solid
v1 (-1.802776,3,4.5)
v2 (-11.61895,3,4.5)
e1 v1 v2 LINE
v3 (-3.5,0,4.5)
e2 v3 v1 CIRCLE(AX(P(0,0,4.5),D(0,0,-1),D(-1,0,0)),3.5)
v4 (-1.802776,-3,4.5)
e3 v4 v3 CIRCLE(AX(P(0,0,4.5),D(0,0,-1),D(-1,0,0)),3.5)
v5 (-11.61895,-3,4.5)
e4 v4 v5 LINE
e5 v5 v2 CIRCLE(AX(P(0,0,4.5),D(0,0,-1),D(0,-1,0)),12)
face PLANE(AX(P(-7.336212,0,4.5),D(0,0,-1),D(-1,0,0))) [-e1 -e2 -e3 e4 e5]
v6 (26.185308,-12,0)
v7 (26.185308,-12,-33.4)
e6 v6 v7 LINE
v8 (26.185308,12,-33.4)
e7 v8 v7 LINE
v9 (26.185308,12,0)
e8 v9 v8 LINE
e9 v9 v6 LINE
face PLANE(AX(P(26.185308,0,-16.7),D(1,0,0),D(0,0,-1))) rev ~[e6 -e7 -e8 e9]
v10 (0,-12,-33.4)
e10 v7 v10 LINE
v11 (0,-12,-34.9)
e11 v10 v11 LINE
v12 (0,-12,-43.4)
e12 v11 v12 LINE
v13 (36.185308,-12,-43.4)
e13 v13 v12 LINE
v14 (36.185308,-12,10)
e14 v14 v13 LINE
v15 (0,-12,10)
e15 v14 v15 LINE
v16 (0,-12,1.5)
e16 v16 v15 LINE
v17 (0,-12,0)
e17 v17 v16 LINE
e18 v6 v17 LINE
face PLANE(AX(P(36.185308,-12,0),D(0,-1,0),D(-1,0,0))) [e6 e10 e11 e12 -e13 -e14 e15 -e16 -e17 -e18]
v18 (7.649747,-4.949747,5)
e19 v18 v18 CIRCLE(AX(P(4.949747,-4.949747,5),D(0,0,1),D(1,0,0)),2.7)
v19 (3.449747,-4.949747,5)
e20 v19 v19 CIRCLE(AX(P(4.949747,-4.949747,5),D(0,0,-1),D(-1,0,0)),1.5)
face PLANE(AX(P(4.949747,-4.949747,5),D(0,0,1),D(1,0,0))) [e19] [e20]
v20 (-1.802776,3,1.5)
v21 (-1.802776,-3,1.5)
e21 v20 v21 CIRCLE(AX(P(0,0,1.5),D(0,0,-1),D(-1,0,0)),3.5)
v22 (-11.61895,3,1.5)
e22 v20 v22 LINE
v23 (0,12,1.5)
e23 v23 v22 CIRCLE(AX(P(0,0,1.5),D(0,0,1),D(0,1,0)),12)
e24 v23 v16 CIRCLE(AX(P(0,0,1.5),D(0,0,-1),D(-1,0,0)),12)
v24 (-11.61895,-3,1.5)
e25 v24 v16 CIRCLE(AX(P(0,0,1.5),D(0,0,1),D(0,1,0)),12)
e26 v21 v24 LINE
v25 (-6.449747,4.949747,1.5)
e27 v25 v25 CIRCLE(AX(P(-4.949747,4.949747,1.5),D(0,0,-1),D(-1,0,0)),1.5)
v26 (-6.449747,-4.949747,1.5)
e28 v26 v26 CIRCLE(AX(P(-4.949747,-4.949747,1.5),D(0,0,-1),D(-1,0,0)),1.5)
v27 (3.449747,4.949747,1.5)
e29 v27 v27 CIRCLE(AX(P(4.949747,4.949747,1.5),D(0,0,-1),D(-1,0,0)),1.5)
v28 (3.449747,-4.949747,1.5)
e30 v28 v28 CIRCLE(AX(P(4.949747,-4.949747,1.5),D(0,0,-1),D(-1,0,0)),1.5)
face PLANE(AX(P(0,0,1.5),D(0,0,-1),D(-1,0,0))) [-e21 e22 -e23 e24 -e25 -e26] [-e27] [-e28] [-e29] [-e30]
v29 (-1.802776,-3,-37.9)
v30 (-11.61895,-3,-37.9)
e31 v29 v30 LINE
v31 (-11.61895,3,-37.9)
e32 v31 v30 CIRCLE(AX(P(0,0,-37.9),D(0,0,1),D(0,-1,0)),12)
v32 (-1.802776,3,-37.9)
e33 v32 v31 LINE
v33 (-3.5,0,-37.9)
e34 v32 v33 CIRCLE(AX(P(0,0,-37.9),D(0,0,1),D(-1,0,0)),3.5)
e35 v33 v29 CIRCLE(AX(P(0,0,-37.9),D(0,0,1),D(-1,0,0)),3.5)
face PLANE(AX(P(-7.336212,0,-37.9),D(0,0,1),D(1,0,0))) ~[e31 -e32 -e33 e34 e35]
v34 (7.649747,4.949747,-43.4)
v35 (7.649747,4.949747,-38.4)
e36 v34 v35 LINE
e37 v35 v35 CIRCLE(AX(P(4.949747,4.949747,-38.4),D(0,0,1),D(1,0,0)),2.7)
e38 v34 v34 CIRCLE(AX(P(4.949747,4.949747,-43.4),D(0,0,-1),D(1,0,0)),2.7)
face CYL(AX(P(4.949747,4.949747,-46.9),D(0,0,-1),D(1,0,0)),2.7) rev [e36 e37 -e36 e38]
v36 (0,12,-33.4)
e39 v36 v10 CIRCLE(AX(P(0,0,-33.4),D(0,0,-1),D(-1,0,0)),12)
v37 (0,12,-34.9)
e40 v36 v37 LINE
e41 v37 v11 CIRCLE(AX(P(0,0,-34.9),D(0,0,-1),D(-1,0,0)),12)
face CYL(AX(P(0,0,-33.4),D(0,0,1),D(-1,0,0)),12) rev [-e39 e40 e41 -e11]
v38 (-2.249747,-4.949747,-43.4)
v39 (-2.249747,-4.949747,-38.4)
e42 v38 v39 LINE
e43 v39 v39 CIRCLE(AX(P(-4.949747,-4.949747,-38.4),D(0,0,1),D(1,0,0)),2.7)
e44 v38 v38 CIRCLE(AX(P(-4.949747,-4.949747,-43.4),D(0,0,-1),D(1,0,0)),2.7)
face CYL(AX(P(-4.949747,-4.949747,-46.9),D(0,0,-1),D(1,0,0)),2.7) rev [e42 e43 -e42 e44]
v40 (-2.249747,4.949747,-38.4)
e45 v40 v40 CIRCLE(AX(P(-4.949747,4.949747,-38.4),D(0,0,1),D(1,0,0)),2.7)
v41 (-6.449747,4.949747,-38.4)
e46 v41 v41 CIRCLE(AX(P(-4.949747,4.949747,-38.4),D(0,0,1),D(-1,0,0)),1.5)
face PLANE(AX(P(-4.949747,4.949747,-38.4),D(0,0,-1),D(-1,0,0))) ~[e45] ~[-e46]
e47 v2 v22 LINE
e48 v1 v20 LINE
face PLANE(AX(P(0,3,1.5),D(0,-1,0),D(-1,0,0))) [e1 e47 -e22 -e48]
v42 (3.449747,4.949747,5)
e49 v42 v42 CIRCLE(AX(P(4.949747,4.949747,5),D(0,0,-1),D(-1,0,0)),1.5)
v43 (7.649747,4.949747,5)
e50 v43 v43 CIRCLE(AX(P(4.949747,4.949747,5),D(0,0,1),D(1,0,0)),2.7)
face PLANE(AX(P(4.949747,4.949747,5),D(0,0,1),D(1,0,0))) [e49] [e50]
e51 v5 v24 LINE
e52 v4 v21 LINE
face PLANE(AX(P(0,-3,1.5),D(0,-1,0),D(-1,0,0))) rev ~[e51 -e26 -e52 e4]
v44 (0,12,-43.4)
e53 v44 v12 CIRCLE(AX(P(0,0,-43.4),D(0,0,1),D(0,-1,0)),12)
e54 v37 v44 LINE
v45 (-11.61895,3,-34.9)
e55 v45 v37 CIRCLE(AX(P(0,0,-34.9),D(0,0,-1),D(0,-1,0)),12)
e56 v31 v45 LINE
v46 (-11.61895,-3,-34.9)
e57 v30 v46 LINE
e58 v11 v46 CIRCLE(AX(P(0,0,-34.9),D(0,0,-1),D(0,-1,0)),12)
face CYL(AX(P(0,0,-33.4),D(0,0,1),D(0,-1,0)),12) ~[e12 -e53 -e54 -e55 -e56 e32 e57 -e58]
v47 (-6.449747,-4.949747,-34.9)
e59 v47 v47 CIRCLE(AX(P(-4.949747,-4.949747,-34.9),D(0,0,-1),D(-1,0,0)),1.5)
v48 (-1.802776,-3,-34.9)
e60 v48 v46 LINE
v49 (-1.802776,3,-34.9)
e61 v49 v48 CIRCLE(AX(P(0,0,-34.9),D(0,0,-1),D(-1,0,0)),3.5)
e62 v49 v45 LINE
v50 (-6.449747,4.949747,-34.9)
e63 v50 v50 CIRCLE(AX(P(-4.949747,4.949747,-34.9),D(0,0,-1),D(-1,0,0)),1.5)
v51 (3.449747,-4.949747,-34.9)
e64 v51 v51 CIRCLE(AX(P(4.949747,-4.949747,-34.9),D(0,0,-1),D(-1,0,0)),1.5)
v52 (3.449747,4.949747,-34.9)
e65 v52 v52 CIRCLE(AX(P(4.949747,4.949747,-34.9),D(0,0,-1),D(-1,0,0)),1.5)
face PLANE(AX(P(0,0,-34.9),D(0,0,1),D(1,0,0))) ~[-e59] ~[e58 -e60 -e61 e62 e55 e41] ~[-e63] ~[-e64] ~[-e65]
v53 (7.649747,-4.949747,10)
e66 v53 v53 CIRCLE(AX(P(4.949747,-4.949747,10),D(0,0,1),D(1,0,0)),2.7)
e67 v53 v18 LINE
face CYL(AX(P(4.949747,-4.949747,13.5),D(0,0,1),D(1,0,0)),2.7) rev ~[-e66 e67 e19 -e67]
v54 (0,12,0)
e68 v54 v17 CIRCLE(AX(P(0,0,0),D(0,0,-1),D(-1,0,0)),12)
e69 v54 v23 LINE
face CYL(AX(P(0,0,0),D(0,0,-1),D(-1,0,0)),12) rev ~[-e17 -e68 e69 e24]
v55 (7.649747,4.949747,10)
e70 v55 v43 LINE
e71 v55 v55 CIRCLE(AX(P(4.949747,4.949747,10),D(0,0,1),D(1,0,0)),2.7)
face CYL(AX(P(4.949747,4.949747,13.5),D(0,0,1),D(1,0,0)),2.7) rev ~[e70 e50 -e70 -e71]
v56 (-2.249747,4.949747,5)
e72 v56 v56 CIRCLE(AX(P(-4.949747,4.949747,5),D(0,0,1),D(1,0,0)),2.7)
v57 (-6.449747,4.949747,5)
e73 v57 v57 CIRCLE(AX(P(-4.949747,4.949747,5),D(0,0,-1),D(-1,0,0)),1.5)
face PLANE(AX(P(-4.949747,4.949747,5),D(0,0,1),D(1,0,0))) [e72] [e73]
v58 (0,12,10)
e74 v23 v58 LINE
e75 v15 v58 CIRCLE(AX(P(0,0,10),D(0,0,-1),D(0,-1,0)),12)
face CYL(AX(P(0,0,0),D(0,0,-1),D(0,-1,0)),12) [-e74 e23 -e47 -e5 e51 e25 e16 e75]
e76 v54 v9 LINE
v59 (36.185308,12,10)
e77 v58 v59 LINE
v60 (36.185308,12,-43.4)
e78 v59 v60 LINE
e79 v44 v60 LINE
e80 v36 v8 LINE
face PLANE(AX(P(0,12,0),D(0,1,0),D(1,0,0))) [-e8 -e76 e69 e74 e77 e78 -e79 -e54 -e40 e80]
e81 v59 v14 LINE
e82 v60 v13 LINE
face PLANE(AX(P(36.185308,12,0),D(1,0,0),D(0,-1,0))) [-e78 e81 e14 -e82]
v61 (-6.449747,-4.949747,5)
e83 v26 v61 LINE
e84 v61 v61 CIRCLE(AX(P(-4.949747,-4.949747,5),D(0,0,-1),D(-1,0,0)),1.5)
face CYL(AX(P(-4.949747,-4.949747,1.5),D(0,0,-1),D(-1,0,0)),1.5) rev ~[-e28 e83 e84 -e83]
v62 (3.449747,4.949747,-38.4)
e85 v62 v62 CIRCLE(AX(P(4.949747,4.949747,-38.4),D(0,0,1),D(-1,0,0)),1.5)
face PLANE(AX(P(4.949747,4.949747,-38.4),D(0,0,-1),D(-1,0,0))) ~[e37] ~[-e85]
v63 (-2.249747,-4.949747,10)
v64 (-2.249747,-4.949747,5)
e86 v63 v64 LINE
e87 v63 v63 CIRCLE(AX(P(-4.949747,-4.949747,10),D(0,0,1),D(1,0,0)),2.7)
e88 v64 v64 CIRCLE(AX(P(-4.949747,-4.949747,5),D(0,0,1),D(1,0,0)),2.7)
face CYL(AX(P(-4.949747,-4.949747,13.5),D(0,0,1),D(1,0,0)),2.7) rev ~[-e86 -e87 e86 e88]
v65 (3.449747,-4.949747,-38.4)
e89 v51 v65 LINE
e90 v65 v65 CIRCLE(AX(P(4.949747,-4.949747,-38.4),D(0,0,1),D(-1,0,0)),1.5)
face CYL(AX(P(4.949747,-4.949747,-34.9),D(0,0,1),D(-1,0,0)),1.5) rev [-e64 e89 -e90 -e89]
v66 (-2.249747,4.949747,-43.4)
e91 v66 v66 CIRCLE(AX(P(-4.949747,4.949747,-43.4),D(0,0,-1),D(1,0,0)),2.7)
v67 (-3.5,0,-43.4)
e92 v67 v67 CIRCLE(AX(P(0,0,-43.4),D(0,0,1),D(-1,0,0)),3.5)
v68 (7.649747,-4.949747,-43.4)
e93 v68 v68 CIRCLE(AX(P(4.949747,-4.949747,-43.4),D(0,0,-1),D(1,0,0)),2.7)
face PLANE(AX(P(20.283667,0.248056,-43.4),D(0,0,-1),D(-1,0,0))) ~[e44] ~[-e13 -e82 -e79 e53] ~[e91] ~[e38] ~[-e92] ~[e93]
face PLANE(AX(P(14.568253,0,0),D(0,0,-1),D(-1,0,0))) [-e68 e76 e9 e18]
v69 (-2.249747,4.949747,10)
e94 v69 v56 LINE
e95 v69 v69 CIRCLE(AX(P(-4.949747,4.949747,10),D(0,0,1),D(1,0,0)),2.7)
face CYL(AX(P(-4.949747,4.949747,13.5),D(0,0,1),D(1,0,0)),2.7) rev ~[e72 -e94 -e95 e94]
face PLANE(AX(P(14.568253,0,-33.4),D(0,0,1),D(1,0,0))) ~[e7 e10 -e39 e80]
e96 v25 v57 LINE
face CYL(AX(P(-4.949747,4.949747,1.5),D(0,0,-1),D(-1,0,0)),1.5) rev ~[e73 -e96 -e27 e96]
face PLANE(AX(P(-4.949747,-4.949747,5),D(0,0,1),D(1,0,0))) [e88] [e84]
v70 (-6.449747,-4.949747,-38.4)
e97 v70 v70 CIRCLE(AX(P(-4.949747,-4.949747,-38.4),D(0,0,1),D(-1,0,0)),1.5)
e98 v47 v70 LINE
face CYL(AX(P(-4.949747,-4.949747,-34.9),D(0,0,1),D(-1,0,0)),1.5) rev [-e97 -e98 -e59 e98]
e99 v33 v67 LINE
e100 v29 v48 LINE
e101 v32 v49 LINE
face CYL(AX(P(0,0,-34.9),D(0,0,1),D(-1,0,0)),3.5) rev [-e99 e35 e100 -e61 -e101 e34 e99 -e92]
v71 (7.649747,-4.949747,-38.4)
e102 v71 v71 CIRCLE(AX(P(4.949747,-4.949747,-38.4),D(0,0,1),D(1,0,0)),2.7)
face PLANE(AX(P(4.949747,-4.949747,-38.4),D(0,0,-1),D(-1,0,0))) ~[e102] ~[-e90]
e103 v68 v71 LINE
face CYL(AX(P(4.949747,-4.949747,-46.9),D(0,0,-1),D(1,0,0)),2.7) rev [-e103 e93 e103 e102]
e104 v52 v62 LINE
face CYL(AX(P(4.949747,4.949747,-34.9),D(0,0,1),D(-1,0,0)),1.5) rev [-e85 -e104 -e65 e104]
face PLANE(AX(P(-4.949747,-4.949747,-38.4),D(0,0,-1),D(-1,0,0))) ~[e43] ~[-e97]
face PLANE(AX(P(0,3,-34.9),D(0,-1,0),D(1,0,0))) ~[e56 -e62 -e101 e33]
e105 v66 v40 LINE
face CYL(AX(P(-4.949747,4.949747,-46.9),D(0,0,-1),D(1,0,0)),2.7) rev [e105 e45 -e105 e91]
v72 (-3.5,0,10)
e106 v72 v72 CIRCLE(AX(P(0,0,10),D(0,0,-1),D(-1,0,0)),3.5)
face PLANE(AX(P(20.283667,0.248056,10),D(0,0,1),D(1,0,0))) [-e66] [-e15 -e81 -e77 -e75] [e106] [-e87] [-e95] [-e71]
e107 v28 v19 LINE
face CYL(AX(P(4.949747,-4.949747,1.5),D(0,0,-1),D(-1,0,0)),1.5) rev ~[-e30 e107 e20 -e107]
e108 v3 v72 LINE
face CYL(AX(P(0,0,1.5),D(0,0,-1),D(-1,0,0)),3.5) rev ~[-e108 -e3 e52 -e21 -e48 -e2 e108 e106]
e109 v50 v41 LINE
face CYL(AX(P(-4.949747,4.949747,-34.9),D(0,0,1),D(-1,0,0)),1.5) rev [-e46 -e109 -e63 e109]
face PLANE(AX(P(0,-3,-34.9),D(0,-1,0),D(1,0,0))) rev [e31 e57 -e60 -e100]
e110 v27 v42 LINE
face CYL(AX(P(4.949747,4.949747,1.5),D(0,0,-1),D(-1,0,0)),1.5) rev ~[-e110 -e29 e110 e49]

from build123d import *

# Parameters (mm, degrees)
EXTRUDE_1_DEPTH      = 13.5
SKETCH_5_R           = 10.1
CUT_EXTRUDE_2_DEPTH  = 1.5
SKETCH_7_R           = 3.5
CUT_EXTRUDE_3_DEPTH  = 37
SKETCH_9_R           = 1.5
CUT_EXTRUDE_4_DEPTH  = 24.5
SKETCH_11_W          = 60.4
SKETCH_11_H          = 24
EXTRUDE_2_DEPTH      = 10
SKETCH_12_R          = 2.7
CUT_EXTRUDE_5_DEPTH  = 8.5
SKETCH_18_R          = 12
CUT_EXTRUDE_9_DEPTH  = 1.5
SKETCH_19_W          = 14.67242397
SKETCH_19_H          = 6
CUT_EXTRUDE_10_DEPTH = 3
SKETCH_20_W          = 76.507524202
SKETCH_20_H          = 37.102074034
CUT_EXTRUDE_11_DEPTH = 3.5


with BuildPart() as part:
    # 草图1 → 凸台-拉伸1 (new body)
    with BuildSketch(Plane.XY):
        with BuildLine():
            Line((0, 12), (36.185307738, 12))
            Line((36.185307738, 12), (36.185307738, -12))
            Line((36.185307738, -12), (0, -12))
            ThreePointArc((0, -12), (-12, 0), (0, 12))
        make_face()
    extrude(amount=EXTRUDE_1_DEPTH)

    # 草图5 → 切除-拉伸2 (cut)
    with BuildSketch(Plane(origin=(0, 0, 0), x_dir=(-1, 0, 0), z_dir=(0, 0, -1))):
        Circle(SKETCH_5_R)
    extrude(amount=-CUT_EXTRUDE_2_DEPTH, mode=Mode.SUBTRACT)

    # 草图7 → 切除-拉伸3 (cut)
    with BuildSketch(Plane(origin=(0, 0, 1.5), x_dir=(-1, 0, 0), z_dir=(0, 0, -1))):
        Circle(SKETCH_7_R)
    extrude(amount=-CUT_EXTRUDE_3_DEPTH, mode=Mode.SUBTRACT)

    # 草图9 → 切除-拉伸4 (cut)
    with BuildSketch(Plane(origin=(0, 0, 1.5), x_dir=(-1, 0, 0), z_dir=(0, 0, -1))):
        with Locations((-4.949747468, 4.949747468)):
            Circle(SKETCH_9_R)
        with Locations((4.949747468, 4.949747468)):
            Circle(SKETCH_9_R)
        with Locations((4.949747468, -4.949747468)):
            Circle(SKETCH_9_R)
        with Locations((-4.949747468, -4.949747468)):
            Circle(SKETCH_9_R)
    extrude(amount=-CUT_EXTRUDE_4_DEPTH, mode=Mode.SUBTRACT)


with BuildPart() as body_2:
    # 镜向14: mirrored copy
    add(part.part.mirror(Plane(origin=(0, 0, -16.7), x_dir=(1, 0, 0), z_dir=(0, 0, -1))))


with BuildPart() as part_1:
    add(part.part)

    add(body_2.part)  # 凸台-拉伸2 merges body 2
    # 草图11 → 凸台-拉伸2 (add)
    with BuildSketch(Plane(origin=(36.185307738, 0, 0), x_dir=(0, 0, -1), z_dir=(1, 0, 0))):
        with Locations((16.7, 0)):
            Rectangle(SKETCH_11_W, SKETCH_11_H)
    extrude(amount=-EXTRUDE_2_DEPTH)

    # 草图12 → 切除-拉伸5 (cut)
    with BuildSketch(Plane.XY.offset(13.5)):
        with Locations((4.949747468, 4.949747468)):
            Circle(SKETCH_12_R)
        with Locations((4.949747468, -4.949747468)):
            Circle(SKETCH_12_R)
        with Locations((-4.949747468, -4.949747468)):
            Circle(SKETCH_12_R)
        with Locations((-4.949747468, 4.949747468)):
            Circle(SKETCH_12_R)
    cut_extrude_5 = extrude(amount=-CUT_EXTRUDE_5_DEPTH, mode=Mode.SUBTRACT)

    # 草图18 → 切除-拉伸9 (cut)
    with BuildSketch(Plane(origin=(0, 0, 0), x_dir=(-1, 0, 0), z_dir=(0, 0, -1))):
        Circle(SKETCH_18_R)
    cut_extrude_9 = extrude(amount=-CUT_EXTRUDE_9_DEPTH, mode=Mode.SUBTRACT)

    # 草图19 → 切除-拉伸10 (cut)
    with BuildSketch(Plane(origin=(0, 0, 1.5), x_dir=(-1, 0, 0), z_dir=(0, 0, -1))):
        with Locations((7.336211985, 0)):
            Rectangle(SKETCH_19_W, SKETCH_19_H)
    cut_extrude_10 = extrude(amount=-CUT_EXTRUDE_10_DEPTH, mode=Mode.SUBTRACT)

    # 草图20 → 切除-拉伸11 (cut)
    with BuildSketch(Plane.XY.offset(13.5)):
        with Locations((20.283666709, 0.248055891)):
            Rectangle(SKETCH_20_W, SKETCH_20_H)
    cut_extrude_11 = extrude(amount=-CUT_EXTRUDE_11_DEPTH, mode=Mode.SUBTRACT)

    # 镜向24: 切除-拉伸5, 切除-拉伸9, 切除-拉伸10 across plane
    add(cut_extrude_5.mirror(Plane(origin=(0, 0, -16.7), x_dir=(1, 0, 0), z_dir=(0, 0, -1))), mode=Mode.SUBTRACT)
    add(cut_extrude_9.mirror(Plane(origin=(0, 0, -16.7), x_dir=(1, 0, 0), z_dir=(0, 0, -1))), mode=Mode.SUBTRACT)
    add(cut_extrude_10.mirror(Plane(origin=(0, 0, -16.7), x_dir=(1, 0, 0), z_dir=(0, 0, -1))), mode=Mode.SUBTRACT)

    # 镜向26: 切除-拉伸11 across plane
    add(cut_extrude_11.mirror(Plane(origin=(0, 0, -16.7), x_dir=(1, 0, 0), z_dir=(0, 0, -1))), mode=Mode.SUBTRACT)


solid = part_1.part
